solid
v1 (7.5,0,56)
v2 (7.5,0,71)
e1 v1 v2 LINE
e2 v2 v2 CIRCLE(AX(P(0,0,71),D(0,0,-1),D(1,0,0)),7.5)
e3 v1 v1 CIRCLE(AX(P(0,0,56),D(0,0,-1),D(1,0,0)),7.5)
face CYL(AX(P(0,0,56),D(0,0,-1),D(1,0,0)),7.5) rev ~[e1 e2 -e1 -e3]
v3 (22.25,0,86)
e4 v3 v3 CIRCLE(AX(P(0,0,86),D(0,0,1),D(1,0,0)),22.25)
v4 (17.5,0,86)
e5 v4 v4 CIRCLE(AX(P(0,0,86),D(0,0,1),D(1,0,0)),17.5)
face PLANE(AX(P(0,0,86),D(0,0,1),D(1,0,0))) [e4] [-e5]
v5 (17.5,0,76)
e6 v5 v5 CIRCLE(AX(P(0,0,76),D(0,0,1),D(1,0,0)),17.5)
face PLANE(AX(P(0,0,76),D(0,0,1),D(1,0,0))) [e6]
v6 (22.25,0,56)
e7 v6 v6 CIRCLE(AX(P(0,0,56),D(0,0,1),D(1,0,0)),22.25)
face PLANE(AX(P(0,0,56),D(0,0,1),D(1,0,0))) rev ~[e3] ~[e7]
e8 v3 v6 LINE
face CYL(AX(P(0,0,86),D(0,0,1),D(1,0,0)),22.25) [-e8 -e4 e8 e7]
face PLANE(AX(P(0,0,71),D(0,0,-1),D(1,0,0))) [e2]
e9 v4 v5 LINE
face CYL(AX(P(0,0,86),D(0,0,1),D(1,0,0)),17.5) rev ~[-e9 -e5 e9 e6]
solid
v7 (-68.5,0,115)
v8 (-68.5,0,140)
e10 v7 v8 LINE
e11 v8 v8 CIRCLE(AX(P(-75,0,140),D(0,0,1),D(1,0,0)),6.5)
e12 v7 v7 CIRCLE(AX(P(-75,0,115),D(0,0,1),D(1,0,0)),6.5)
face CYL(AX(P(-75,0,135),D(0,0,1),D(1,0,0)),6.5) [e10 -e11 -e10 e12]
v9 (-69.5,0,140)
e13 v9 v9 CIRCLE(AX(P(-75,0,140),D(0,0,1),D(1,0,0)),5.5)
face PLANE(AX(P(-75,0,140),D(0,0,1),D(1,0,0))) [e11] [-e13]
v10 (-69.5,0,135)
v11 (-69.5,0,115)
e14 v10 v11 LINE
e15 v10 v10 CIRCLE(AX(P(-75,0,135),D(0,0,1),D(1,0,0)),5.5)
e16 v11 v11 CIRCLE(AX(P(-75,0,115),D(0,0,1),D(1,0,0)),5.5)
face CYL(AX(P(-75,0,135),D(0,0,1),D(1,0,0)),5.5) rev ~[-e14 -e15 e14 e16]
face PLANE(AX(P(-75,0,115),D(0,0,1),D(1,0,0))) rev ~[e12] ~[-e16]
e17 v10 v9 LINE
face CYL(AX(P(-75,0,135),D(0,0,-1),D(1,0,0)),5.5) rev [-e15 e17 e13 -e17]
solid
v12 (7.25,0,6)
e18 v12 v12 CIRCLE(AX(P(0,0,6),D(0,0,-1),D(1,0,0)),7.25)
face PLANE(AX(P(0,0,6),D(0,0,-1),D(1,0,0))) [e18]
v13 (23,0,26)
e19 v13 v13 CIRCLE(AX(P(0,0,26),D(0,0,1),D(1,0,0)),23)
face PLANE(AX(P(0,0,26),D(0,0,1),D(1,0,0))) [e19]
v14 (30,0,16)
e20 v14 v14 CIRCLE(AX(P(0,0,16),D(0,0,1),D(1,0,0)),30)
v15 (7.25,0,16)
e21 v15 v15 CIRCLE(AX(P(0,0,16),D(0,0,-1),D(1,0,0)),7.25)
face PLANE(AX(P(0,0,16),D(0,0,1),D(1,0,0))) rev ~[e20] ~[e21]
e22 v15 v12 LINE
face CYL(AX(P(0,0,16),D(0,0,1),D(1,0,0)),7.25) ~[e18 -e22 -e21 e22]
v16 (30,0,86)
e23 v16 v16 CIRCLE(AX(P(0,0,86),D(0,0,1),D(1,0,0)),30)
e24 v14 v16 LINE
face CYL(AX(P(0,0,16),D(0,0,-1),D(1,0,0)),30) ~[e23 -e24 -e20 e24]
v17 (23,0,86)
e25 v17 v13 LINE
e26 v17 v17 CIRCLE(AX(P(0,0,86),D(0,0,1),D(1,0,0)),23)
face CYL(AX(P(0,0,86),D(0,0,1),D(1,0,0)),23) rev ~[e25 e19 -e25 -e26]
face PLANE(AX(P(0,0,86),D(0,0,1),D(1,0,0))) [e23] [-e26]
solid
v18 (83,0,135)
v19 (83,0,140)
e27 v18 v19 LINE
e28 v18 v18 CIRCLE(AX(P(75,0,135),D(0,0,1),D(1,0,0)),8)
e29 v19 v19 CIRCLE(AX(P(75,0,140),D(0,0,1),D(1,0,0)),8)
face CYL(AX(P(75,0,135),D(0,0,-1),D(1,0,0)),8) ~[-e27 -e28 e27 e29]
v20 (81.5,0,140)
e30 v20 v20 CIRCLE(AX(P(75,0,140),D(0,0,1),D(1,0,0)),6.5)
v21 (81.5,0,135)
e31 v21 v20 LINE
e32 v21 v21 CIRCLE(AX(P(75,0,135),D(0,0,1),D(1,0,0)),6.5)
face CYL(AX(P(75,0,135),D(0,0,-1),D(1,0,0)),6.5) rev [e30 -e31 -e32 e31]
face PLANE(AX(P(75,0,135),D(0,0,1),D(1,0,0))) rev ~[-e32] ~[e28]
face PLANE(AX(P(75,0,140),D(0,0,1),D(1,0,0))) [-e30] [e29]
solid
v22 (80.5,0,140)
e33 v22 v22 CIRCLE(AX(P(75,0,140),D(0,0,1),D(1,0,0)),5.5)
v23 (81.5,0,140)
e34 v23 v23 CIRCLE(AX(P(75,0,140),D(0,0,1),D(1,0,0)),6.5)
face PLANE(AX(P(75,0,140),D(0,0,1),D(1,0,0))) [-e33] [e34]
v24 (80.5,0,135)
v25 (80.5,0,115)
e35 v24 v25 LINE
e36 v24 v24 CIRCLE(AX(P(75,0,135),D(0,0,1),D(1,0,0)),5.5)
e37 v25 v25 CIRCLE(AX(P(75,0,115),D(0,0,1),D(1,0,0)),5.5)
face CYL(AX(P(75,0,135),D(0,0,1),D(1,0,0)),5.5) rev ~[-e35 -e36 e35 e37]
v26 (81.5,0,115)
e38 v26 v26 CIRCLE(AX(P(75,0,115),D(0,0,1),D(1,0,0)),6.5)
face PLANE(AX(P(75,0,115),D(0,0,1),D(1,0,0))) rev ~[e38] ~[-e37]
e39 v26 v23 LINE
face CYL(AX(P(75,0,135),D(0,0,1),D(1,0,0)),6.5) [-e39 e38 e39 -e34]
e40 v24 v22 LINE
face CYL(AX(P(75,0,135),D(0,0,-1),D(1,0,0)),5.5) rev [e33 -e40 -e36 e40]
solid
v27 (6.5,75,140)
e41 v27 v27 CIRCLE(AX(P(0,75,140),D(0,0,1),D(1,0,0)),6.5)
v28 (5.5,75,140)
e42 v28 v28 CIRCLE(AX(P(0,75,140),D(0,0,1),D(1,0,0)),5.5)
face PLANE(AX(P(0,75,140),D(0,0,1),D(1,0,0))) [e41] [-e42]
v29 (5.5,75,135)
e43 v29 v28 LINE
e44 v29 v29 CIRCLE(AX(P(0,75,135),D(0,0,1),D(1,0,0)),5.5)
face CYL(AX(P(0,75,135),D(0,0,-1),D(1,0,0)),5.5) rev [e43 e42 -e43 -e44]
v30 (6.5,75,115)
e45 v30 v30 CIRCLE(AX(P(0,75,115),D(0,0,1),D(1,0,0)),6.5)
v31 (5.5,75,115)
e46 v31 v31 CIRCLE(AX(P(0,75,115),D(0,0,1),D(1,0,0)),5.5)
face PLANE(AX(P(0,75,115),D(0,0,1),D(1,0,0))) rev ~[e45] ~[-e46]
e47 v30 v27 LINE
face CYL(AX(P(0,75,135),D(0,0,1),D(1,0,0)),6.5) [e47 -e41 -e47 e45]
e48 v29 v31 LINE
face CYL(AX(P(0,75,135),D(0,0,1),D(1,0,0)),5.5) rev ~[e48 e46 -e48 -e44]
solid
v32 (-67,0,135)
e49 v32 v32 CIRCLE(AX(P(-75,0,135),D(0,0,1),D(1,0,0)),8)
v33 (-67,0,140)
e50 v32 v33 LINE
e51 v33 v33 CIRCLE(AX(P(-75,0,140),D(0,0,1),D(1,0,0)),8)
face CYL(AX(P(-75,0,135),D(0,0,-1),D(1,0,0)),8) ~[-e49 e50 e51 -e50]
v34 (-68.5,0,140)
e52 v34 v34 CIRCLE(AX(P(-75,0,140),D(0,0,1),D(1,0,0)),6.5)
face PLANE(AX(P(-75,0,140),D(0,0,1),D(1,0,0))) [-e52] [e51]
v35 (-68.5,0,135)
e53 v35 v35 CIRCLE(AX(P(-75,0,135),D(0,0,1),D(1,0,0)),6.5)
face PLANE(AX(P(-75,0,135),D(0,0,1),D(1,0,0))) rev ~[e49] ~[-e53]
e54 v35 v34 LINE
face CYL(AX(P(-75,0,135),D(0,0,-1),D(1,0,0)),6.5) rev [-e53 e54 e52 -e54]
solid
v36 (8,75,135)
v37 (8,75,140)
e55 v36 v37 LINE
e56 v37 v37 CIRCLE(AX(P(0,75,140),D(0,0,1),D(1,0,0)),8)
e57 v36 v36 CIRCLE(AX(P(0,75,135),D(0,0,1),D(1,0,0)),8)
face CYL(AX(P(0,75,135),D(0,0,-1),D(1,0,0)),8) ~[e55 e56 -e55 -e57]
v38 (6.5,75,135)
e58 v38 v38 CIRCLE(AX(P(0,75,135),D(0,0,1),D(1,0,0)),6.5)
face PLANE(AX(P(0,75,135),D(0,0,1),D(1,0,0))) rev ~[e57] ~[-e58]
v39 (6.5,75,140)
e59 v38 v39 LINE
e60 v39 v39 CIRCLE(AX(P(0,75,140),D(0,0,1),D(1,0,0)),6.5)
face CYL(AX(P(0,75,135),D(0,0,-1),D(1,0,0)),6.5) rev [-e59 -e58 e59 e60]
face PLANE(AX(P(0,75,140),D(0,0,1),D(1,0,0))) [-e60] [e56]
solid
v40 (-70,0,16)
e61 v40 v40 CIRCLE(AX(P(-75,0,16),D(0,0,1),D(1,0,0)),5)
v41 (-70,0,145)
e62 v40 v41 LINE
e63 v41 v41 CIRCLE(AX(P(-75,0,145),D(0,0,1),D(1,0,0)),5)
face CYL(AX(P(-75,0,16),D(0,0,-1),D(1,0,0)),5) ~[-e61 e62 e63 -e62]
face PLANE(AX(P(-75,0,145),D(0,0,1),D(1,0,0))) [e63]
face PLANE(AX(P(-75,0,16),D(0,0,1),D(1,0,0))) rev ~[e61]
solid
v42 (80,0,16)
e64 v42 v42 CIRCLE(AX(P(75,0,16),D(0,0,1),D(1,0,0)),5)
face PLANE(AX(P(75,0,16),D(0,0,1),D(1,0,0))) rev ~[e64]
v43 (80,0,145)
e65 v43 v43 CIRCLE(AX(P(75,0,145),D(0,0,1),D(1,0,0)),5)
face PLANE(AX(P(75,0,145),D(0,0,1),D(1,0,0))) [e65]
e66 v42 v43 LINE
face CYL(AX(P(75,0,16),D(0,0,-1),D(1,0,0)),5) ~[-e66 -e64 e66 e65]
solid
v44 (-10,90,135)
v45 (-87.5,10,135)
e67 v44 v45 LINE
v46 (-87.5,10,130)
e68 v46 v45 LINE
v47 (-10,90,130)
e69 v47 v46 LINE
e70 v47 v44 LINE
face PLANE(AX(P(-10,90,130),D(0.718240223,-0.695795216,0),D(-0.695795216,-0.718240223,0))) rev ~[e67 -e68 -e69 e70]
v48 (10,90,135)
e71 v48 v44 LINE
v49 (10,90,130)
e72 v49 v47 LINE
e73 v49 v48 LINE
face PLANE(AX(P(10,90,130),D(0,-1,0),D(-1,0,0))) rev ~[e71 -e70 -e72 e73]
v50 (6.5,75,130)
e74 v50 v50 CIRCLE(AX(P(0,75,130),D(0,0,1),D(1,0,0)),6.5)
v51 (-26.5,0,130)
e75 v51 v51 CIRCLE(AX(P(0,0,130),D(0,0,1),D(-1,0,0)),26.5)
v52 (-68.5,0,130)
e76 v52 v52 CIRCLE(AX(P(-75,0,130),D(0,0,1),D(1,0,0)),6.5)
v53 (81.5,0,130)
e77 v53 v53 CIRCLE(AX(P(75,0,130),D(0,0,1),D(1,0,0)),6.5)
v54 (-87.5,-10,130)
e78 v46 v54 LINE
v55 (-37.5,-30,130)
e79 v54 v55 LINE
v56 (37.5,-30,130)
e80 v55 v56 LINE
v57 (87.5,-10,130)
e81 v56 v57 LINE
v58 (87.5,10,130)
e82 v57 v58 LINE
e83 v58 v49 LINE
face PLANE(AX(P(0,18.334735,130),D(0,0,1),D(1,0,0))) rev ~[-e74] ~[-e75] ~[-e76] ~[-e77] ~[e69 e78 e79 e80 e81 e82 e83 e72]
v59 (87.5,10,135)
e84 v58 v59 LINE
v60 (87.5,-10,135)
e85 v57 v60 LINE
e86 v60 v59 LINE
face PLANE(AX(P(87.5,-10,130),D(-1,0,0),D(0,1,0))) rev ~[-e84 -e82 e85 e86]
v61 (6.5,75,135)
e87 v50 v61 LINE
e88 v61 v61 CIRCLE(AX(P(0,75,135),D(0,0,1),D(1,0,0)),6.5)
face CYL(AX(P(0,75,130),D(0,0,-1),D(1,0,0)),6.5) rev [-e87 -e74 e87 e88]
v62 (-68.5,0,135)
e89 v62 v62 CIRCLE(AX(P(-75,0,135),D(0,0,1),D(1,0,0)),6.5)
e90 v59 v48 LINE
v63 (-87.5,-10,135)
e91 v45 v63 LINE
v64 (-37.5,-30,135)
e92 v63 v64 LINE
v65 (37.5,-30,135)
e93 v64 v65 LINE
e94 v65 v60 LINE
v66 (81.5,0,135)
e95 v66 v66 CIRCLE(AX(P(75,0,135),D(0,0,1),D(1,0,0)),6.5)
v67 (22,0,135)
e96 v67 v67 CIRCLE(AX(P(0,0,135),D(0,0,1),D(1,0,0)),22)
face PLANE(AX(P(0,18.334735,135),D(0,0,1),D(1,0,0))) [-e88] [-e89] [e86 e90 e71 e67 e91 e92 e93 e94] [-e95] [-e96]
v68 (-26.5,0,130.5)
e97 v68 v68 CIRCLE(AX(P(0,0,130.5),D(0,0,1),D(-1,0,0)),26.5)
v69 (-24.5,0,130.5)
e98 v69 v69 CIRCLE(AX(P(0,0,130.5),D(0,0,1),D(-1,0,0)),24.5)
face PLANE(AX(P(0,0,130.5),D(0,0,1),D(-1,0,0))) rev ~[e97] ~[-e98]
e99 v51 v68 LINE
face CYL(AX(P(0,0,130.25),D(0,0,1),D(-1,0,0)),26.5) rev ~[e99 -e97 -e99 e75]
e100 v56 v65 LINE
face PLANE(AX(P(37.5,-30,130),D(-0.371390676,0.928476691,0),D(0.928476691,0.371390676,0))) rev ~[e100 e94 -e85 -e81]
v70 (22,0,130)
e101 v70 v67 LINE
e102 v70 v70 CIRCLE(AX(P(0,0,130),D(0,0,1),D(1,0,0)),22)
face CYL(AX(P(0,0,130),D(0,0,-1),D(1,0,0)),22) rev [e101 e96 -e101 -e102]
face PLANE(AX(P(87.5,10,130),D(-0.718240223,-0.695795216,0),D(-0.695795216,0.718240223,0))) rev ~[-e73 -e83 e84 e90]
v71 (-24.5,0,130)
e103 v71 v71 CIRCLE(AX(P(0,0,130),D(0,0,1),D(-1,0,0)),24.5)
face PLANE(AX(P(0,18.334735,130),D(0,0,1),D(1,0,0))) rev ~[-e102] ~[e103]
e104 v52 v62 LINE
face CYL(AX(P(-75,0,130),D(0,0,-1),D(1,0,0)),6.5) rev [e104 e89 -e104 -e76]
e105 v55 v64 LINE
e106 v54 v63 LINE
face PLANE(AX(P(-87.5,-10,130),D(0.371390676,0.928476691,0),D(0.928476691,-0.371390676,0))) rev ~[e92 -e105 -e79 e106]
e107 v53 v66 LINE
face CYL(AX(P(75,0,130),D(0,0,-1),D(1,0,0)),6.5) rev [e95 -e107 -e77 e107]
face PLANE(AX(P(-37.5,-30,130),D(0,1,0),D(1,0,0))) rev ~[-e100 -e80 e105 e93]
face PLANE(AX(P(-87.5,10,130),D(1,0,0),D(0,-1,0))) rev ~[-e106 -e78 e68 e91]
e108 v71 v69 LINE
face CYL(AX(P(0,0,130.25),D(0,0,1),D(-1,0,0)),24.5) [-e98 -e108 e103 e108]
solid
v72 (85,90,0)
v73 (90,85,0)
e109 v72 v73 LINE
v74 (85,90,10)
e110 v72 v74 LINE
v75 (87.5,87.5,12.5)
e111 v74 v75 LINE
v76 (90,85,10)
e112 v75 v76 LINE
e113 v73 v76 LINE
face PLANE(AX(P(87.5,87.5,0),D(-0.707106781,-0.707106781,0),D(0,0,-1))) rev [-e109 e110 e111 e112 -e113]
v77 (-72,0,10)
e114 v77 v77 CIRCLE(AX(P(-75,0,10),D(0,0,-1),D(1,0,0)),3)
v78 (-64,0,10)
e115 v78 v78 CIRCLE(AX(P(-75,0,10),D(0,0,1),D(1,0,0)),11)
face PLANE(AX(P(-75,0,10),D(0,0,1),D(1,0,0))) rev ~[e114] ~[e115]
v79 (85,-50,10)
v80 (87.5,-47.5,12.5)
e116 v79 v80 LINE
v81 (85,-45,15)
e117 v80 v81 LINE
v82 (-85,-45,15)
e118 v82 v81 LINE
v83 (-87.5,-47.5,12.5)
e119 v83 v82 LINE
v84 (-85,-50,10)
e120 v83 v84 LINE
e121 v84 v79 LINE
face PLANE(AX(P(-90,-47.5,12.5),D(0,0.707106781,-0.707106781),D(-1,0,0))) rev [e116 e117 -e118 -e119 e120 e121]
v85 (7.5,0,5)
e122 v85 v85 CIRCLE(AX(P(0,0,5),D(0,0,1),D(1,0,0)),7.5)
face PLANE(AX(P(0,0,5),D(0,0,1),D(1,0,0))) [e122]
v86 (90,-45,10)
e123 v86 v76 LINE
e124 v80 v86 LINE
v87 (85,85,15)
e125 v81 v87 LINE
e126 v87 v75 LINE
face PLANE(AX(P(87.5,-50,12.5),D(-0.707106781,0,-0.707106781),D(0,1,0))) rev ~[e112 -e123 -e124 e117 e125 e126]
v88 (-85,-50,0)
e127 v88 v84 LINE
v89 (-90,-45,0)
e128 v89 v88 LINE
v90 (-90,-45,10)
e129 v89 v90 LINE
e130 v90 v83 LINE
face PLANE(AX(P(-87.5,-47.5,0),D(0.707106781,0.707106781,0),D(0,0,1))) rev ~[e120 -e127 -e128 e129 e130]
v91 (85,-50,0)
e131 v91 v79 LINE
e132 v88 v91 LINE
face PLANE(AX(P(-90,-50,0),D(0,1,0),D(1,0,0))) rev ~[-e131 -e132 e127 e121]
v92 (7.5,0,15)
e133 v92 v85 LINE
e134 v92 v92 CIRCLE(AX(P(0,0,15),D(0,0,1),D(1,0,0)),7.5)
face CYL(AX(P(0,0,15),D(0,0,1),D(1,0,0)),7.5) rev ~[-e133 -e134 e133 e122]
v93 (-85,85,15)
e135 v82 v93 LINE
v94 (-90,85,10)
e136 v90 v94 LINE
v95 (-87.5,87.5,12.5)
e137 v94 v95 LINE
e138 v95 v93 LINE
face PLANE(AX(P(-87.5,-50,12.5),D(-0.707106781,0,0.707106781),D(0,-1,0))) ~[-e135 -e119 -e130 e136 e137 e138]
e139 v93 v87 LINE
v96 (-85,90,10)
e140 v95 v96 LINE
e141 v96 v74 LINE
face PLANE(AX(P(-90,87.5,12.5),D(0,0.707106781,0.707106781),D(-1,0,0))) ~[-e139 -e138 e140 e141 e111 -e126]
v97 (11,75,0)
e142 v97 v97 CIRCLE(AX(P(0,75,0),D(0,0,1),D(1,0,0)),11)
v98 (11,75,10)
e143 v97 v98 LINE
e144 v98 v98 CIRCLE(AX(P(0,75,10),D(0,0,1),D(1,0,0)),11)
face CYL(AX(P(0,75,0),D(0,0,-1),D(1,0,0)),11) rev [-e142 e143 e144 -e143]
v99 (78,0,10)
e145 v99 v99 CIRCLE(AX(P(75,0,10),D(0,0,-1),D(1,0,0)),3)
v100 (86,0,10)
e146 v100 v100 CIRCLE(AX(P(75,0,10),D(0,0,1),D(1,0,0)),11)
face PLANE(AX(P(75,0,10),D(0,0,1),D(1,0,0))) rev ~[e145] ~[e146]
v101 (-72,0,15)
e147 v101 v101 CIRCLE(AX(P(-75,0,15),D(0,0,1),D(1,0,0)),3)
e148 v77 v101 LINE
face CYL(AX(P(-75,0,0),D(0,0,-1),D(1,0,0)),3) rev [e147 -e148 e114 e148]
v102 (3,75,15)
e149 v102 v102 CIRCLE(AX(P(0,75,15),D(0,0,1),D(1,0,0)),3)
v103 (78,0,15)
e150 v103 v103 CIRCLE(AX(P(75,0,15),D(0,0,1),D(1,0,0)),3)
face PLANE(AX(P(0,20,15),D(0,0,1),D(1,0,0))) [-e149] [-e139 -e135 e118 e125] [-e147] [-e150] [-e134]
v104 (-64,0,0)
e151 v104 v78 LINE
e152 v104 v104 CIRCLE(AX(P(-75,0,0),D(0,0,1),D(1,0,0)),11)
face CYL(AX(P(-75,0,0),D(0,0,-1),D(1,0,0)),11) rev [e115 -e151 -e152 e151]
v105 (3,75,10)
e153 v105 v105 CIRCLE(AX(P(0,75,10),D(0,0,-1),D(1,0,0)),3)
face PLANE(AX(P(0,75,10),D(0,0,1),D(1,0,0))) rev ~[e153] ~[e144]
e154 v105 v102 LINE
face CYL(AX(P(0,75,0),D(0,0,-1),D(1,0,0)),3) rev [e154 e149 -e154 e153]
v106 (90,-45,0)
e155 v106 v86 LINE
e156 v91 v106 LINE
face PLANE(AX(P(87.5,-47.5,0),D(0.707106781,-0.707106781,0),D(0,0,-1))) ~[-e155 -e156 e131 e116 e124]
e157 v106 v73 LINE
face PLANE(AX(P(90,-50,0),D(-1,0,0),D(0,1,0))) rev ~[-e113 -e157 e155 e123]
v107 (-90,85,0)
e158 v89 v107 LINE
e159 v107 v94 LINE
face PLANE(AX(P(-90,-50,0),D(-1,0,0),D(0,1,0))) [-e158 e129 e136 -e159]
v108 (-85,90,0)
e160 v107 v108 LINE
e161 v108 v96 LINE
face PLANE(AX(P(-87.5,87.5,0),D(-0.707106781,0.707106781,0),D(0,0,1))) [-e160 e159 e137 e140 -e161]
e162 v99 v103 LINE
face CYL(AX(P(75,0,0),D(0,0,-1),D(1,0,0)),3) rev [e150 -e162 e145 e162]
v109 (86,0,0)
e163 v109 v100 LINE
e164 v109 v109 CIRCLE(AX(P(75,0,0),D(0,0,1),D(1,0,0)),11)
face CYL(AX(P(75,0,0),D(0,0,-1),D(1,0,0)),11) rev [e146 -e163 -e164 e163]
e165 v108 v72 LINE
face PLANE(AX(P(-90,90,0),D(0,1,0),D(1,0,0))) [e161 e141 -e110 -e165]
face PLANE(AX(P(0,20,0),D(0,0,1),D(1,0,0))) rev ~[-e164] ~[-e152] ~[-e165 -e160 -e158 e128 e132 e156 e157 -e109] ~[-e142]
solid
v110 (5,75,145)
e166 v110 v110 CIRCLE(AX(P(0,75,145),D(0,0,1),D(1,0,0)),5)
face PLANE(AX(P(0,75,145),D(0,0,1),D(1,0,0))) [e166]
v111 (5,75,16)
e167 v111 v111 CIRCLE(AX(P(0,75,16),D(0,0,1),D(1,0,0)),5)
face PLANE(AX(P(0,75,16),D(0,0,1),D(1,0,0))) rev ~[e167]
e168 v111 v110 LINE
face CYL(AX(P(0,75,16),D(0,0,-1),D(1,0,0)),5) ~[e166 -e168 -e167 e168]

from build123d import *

# Parameters (mm, degrees)
F0_W           = 180
F0_H           = 140
F1_DEPTH       = 15
F2_R           = 11
F3_DEPTH       = 10
F4_R           = 3
F5_DEPTH       = 15
F6_R           = 7.5
F7_DEPTH       = 10
F9_START       = 130
F8_R           = 6.5
F8_R_2         = 22
F9_DEPTH       = 5
F10_W          = 2
F10_H          = 0.5
F13_START      = 1
F12_R          = 30
F13_DEPTH      = 70
F14_R          = 7.25
F15_DEPTH      = 10
F16_R          = 23
F17_DEPTH      = 60
F18_R          = 6.5
F18_R_2        = 5.5
F19_DEPTH      = 5
F19_DEPTH_BACK = 20
F20_SIZE       = 5
F21_SIZE       = 5
F22_R          = 8
F22_R_2        = 6.5
F23_DEPTH      = 5
F24_R          = 22.25
F25_DEPTH      = 30
F26_R          = 17.5
F27_DEPTH      = 10
F28_R          = 7.5
F29_DEPTH      = 15
F31_START      = 1
F30_R          = 5
F31_DEPTH      = 129


with BuildPart() as f1:
    # F0 (on Top) → F1 (new body)
    with BuildSketch(Plane.XY):
        with Locations((0, 20)):
            Rectangle(F0_W, F0_H)
    extrude(amount=F1_DEPTH)

    # F2 (on face) → F3 (cut)
    with BuildSketch(Plane.XY):
        with Locations((-75, 0)):
            Circle(F2_R)
        with Locations((0, 75)):
            Circle(F2_R)
        with Locations((75, 0)):
            Circle(F2_R)
    extrude(amount=F3_DEPTH, mode=Mode.SUBTRACT)

    # F4 (on face) → F5 (cut, through all)
    with BuildSketch(Plane.XY):
        with Locations((-75, 0)):
            Circle(F4_R)
        with Locations((0, 75)):
            Circle(F4_R)
        with Locations((75, 0)):
            Circle(F4_R)
    extrude(amount=F5_DEPTH, mode=Mode.SUBTRACT)

    # F6 (on face) → F7 (cut)
    with BuildSketch(Plane.XY.offset(15)):
        Circle(F6_R)
    extrude(amount=-F7_DEPTH, mode=Mode.SUBTRACT)

    # F20
    f20_edges = [f1.edges().sort_by_distance(p)[0] for p in [
        (0, -50, 15),
        (90, 20, 15),
        (0, 90, 15),
        (-90, 20, 15),
    ]]
    chamfer(f20_edges, length=F20_SIZE)

    # F21
    f21_edges = [f1.edges().sort_by_distance(p)[0] for p in [
        (90, -50, 5),
        (90, 90, 5),
        (-90, -50, 5),
        (-90, 90, 5),
    ]]
    chamfer(f21_edges, length=F21_SIZE)


with BuildPart() as f9:
    # F8 (on Top) → F9 (new body)
    with BuildSketch(Plane.XY.offset(F9_START)):
        Polygon((-37.5, -30), (37.5, -30), (87.5, -10), (87.5, 10), (10, 90), (-10, 90), (-87.5, 10), (-87.5, -10), align=None)
        with Locations((-75, 0)):
            Circle(F8_R, mode=Mode.SUBTRACT)
        Circle(F8_R_2, mode=Mode.SUBTRACT)
        with Locations((75, 0)):
            Circle(F8_R, mode=Mode.SUBTRACT)
        with Locations((0, 75)):
            Circle(F8_R, mode=Mode.SUBTRACT)
    extrude(amount=F9_DEPTH)

    # F10 (on Front) → F11 (revolve, cut)
    with BuildSketch(Plane.XZ):
        with Locations((-25.5, 130.25)):
            Rectangle(F10_W, F10_H)
    revolve(axis=Axis((0, 0, 97.1393696964), (0, 0, 1)), mode=Mode.SUBTRACT)


with BuildPart() as f13:
    # F12 (on face) → F13 (new body)
    with BuildSketch(Plane.XY.offset(15).offset(F13_START)):
        Circle(F12_R)
    extrude(amount=F13_DEPTH)

    # F14 (on face) → F15 (join)
    with BuildSketch(Plane(origin=(0, 0, 16), x_dir=(1, 0, 0), z_dir=(0, 0, -1))):
        Circle(F14_R)
    extrude(amount=F15_DEPTH)

    # F16 (on face) → F17 (cut)
    with BuildSketch(Plane.XY.offset(86)):
        Circle(F16_R)
    extrude(amount=-F17_DEPTH, mode=Mode.SUBTRACT)


with BuildPart() as f19:
    # F18 (on face) → F19 (new body, two sides)
    with BuildSketch(Plane.XY.offset(135)) as f19_sk:
        with Locations((-75, 0)):
            Circle(F18_R)
        with Locations((-75, 0)):
            Circle(F18_R_2, mode=Mode.SUBTRACT)
    extrude(amount=F19_DEPTH)
    extrude(f19_sk.sketch, amount=-F19_DEPTH_BACK)


with BuildPart() as f19b:
    # F18 (on face) → F19, piece 2 (new body, two sides)
    with BuildSketch(Plane.XY.offset(135)) as f19_2_sk:
        with Locations((0, 75)):
            Circle(F18_R)
        with Locations((0, 75)):
            Circle(F18_R_2, mode=Mode.SUBTRACT)
    extrude(amount=F19_DEPTH)
    extrude(f19_2_sk.sketch, amount=-F19_DEPTH_BACK)


with BuildPart() as f19c:
    # F18 (on face) → F19, piece 3 (new body, two sides)
    with BuildSketch(Plane.XY.offset(135)) as f19_3_sk:
        with Locations((75, 0)):
            Circle(F18_R)
        with Locations((75, 0)):
            Circle(F18_R_2, mode=Mode.SUBTRACT)
    extrude(amount=F19_DEPTH)
    extrude(f19_3_sk.sketch, amount=-F19_DEPTH_BACK)


with BuildPart() as f23:
    # F22 (on face) → F23 (new body)
    with BuildSketch(Plane.XY.offset(135)):
        with Locations((-75, 0)):
            Circle(F22_R)
        with Locations((-75, 0)):
            Circle(F22_R_2, mode=Mode.SUBTRACT)
    extrude(amount=F23_DEPTH)


with BuildPart() as f23b:
    # F22 (on face) → F23, piece 2 (new body)
    with BuildSketch(Plane.XY.offset(135)):
        with Locations((0, 75)):
            Circle(F22_R)
        with Locations((0, 75)):
            Circle(F22_R_2, mode=Mode.SUBTRACT)
    extrude(amount=F23_DEPTH)


with BuildPart() as f23c:
    # F22 (on face) → F23, piece 3 (new body)
    with BuildSketch(Plane.XY.offset(135)):
        with Locations((75, 0)):
            Circle(F22_R)
        with Locations((75, 0)):
            Circle(F22_R_2, mode=Mode.SUBTRACT)
    extrude(amount=F23_DEPTH)


with BuildPart() as f25:
    # F24 (on face) → F25 (new body)
    with BuildSketch(Plane.XY.offset(86)):
        Circle(F24_R)
    extrude(amount=-F25_DEPTH)

    # F26 (on face) → F27 (cut)
    with BuildSketch(Plane.XY.offset(86)):
        Circle(F26_R)
    extrude(amount=-F27_DEPTH, mode=Mode.SUBTRACT)

    # F28 (on face) → F29 (cut)
    with BuildSketch(Plane(origin=(0, 0, 56), x_dir=(1, 0, 0), z_dir=(0, 0, -1))):
        Circle(F28_R)
    extrude(amount=-F29_DEPTH, mode=Mode.SUBTRACT)


with BuildPart() as f31:
    # F30 (on face) → F31 (new body)
    with BuildSketch(Plane.XY.offset(15).offset(F31_START)):
        with Locations((-75, 0)):
            Circle(F30_R)
    extrude(amount=F31_DEPTH)


with BuildPart() as f31b:
    # F30 (on face) → F31, piece 2 (new body)
    with BuildSketch(Plane.XY.offset(15).offset(F31_START)):
        with Locations((0, 75)):
            Circle(F30_R)
    extrude(amount=F31_DEPTH)


with BuildPart() as f31c:
    # F30 (on face) → F31, piece 3 (new body)
    with BuildSketch(Plane.XY.offset(15).offset(F31_START)):
        with Locations((75, 0)):
            Circle(F30_R)
    extrude(amount=F31_DEPTH)


solid = Compound([f1.part, f9.part, f13.part, f19.part, f19b.part, f19c.part, f23.part, f23b.part, f23c.part, f25.part, f31.part, f31b.part, f31c.part])
